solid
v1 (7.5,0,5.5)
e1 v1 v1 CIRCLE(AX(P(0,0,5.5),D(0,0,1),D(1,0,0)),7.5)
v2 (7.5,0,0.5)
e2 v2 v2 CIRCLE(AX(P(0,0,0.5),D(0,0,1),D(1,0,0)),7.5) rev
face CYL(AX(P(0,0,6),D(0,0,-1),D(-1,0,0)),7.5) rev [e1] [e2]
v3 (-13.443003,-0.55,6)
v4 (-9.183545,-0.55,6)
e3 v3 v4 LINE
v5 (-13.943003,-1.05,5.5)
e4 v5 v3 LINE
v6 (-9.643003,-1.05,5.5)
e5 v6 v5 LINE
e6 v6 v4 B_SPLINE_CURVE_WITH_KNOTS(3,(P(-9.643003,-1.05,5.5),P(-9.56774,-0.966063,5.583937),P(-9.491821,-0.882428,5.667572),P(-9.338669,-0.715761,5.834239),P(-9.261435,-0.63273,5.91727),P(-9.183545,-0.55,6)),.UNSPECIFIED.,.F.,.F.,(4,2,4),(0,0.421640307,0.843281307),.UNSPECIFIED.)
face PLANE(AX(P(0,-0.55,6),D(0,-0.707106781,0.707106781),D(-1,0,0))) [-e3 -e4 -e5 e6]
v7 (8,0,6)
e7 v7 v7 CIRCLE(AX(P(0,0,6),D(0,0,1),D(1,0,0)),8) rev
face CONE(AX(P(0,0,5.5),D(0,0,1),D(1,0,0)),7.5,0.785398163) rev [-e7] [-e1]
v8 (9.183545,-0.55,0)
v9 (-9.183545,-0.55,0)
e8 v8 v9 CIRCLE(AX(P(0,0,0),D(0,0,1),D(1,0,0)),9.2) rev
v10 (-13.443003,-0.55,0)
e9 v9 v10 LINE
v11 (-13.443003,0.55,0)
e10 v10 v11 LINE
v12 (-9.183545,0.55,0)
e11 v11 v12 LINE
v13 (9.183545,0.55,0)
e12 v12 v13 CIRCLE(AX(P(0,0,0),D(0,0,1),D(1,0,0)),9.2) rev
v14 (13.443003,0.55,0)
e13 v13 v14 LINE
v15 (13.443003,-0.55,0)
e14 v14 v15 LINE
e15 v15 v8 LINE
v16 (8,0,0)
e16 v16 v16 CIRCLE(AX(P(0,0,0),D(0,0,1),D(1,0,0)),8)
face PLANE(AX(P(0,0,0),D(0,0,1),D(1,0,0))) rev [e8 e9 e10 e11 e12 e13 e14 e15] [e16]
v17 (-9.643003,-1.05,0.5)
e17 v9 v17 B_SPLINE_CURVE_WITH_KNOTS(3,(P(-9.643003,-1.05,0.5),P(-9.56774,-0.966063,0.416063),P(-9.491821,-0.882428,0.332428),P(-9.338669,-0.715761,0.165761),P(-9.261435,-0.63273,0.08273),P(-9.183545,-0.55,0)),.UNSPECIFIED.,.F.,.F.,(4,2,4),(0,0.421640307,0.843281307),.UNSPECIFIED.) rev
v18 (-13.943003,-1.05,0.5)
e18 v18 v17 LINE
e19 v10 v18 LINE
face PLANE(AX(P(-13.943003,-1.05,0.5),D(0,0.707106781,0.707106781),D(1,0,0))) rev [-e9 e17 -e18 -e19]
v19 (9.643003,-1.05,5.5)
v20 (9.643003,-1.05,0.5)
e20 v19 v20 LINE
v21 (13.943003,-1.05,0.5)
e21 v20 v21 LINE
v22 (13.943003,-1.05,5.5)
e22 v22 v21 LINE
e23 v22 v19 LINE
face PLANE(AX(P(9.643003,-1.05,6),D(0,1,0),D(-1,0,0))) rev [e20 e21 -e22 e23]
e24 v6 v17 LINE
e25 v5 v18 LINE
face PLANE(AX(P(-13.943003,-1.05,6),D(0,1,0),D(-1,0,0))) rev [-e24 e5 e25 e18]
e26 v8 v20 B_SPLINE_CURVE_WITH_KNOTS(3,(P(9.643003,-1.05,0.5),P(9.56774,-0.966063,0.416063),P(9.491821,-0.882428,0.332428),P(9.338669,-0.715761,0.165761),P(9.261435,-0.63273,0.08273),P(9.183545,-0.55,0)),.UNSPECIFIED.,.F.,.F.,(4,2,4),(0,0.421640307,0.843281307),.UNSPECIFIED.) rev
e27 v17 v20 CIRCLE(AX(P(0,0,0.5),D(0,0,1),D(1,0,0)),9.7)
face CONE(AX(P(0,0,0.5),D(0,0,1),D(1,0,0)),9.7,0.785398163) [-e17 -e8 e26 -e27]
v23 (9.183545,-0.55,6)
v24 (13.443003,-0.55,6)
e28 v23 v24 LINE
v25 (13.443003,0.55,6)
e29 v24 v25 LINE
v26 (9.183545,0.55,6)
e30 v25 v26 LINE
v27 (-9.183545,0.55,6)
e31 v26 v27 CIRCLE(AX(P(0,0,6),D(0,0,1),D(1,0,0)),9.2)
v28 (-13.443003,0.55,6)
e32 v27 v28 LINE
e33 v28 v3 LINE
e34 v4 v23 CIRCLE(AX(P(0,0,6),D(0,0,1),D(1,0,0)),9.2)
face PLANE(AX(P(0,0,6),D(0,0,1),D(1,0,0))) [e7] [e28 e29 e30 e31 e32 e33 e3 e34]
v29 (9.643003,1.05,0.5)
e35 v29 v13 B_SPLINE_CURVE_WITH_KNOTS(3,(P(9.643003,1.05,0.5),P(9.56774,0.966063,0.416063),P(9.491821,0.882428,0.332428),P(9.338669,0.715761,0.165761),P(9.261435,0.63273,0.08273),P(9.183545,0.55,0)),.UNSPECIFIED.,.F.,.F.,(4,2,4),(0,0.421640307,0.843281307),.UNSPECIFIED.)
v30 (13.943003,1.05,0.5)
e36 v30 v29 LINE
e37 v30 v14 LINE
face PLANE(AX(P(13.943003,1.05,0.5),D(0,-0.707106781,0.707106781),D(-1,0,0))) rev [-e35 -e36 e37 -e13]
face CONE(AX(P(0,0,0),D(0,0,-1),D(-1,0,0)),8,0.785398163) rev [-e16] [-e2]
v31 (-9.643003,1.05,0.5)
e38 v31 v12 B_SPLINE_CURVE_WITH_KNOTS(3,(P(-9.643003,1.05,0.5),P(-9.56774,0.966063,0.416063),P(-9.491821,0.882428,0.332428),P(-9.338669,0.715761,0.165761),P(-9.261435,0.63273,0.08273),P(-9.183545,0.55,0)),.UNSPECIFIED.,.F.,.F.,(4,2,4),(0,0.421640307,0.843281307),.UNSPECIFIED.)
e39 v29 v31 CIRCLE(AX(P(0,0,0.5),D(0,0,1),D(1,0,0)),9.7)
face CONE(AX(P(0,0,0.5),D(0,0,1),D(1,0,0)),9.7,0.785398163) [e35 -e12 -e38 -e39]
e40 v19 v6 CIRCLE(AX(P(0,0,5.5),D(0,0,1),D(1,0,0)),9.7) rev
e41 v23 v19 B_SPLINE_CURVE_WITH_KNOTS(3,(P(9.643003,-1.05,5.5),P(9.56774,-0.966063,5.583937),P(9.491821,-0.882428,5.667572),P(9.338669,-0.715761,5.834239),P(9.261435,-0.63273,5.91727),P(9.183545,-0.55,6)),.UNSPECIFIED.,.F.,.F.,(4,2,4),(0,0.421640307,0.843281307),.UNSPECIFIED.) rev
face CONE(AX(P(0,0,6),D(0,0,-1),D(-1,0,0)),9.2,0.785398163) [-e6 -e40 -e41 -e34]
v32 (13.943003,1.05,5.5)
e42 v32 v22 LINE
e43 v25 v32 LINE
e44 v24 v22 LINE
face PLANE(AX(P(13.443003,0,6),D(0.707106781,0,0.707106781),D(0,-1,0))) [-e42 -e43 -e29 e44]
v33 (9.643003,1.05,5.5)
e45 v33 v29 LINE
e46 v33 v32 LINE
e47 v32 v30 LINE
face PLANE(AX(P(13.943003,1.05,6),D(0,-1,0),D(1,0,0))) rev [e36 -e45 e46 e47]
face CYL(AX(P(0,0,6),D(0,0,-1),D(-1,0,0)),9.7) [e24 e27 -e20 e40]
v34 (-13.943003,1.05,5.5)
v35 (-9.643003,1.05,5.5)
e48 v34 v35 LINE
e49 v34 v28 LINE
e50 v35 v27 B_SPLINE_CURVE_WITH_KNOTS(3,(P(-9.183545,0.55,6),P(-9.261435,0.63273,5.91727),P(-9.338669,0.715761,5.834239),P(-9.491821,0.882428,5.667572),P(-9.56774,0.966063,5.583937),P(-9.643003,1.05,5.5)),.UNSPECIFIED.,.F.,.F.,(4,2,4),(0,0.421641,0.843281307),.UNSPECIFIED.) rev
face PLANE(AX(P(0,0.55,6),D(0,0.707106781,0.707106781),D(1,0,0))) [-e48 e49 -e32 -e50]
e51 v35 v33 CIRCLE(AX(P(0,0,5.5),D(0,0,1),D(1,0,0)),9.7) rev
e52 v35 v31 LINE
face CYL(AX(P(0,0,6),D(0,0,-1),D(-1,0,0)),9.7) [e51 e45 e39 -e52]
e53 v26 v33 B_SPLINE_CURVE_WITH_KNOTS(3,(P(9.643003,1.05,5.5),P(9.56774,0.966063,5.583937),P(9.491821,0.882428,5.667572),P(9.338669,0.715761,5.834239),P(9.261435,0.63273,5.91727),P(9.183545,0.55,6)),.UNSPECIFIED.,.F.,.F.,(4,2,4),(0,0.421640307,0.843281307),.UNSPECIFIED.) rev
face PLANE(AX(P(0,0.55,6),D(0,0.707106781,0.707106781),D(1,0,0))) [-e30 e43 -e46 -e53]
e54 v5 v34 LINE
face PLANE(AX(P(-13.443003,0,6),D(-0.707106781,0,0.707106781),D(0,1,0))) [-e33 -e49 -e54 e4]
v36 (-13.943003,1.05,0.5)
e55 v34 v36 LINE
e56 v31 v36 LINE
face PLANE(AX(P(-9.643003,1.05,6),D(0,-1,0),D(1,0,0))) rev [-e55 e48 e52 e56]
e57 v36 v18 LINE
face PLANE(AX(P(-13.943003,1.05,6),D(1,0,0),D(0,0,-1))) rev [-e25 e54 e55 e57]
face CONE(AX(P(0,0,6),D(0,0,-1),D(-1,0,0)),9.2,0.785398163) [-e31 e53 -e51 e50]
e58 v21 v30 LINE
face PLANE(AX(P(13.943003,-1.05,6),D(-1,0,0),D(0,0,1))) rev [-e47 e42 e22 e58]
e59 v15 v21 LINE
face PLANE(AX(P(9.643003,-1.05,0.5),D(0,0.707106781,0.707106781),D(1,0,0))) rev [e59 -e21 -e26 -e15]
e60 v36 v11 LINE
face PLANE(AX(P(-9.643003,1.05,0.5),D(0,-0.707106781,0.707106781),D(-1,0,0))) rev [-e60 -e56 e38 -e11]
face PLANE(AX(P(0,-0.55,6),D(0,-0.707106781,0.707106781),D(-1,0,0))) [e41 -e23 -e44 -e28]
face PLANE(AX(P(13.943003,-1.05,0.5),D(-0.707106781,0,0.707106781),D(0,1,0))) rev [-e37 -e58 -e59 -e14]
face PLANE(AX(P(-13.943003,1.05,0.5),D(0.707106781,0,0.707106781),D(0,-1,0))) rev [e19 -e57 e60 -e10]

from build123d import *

# Parameters (mm, degrees)
SKETCH1_R           = 7.5
BOSS_EXTRUDE1_DEPTH = 6
CHAMFER1_SIZE       = 0.5


with BuildPart() as part:
    # Sketch1 → Boss-Extrude1 (new body)
    with BuildSketch(Plane.XY):
        with BuildLine():
            Line((9.643002644, -1.05), (13.943002644, -1.05))
            Line((13.943002644, -1.05), (13.943002644, 1.05))
            Line((13.943002644, 1.05), (9.643002644, 1.05))
            ThreePointArc((9.643002644, 1.05), (0, 9.7), (-9.643002644, 1.05))
            Line((-9.643002644, 1.05), (-13.943002644, 1.05))
            Line((-13.943002644, 1.05), (-13.943002644, -1.05))
            Line((-13.943002644, -1.05), (-9.643002644, -1.05))
            ThreePointArc((-9.643002644, -1.05), (0, -9.7), (9.643002644, -1.05))
        make_face()
        Circle(SKETCH1_R, mode=Mode.SUBTRACT)
    extrude(amount=BOSS_EXTRUDE1_DEPTH)

    # Chamfer1
    chamfer1_edges = [part.edges().sort_by_distance(p)[0] for p in [
        (0, -9.7, 0),
        (-11.793002644, -1.05, 0),
        (-13.943002644, 0, 0),
        (-11.793002644, 1.05, 0),
        (-11.793002644, -1.05, 6),
        (0, -9.7, 6),
        (11.793002644, -1.05, 6),
        (-7.5, 0, 0),
        (-7.5, 0, 6),
        (13.943002644, 0, 6),
        (11.793002644, 1.05, 6),
        (0, 9.7, 6),
        (-11.793002644, 1.05, 6),
        (0, 9.7, 0),
        (-13.943002644, 0, 6),
        (11.793002644, 1.05, 0),
        (13.943002644, 0, 0),
        (11.793002644, -1.05, 0),
    ]]
    chamfer(chamfer1_edges, length=CHAMFER1_SIZE)


solid = part.part
